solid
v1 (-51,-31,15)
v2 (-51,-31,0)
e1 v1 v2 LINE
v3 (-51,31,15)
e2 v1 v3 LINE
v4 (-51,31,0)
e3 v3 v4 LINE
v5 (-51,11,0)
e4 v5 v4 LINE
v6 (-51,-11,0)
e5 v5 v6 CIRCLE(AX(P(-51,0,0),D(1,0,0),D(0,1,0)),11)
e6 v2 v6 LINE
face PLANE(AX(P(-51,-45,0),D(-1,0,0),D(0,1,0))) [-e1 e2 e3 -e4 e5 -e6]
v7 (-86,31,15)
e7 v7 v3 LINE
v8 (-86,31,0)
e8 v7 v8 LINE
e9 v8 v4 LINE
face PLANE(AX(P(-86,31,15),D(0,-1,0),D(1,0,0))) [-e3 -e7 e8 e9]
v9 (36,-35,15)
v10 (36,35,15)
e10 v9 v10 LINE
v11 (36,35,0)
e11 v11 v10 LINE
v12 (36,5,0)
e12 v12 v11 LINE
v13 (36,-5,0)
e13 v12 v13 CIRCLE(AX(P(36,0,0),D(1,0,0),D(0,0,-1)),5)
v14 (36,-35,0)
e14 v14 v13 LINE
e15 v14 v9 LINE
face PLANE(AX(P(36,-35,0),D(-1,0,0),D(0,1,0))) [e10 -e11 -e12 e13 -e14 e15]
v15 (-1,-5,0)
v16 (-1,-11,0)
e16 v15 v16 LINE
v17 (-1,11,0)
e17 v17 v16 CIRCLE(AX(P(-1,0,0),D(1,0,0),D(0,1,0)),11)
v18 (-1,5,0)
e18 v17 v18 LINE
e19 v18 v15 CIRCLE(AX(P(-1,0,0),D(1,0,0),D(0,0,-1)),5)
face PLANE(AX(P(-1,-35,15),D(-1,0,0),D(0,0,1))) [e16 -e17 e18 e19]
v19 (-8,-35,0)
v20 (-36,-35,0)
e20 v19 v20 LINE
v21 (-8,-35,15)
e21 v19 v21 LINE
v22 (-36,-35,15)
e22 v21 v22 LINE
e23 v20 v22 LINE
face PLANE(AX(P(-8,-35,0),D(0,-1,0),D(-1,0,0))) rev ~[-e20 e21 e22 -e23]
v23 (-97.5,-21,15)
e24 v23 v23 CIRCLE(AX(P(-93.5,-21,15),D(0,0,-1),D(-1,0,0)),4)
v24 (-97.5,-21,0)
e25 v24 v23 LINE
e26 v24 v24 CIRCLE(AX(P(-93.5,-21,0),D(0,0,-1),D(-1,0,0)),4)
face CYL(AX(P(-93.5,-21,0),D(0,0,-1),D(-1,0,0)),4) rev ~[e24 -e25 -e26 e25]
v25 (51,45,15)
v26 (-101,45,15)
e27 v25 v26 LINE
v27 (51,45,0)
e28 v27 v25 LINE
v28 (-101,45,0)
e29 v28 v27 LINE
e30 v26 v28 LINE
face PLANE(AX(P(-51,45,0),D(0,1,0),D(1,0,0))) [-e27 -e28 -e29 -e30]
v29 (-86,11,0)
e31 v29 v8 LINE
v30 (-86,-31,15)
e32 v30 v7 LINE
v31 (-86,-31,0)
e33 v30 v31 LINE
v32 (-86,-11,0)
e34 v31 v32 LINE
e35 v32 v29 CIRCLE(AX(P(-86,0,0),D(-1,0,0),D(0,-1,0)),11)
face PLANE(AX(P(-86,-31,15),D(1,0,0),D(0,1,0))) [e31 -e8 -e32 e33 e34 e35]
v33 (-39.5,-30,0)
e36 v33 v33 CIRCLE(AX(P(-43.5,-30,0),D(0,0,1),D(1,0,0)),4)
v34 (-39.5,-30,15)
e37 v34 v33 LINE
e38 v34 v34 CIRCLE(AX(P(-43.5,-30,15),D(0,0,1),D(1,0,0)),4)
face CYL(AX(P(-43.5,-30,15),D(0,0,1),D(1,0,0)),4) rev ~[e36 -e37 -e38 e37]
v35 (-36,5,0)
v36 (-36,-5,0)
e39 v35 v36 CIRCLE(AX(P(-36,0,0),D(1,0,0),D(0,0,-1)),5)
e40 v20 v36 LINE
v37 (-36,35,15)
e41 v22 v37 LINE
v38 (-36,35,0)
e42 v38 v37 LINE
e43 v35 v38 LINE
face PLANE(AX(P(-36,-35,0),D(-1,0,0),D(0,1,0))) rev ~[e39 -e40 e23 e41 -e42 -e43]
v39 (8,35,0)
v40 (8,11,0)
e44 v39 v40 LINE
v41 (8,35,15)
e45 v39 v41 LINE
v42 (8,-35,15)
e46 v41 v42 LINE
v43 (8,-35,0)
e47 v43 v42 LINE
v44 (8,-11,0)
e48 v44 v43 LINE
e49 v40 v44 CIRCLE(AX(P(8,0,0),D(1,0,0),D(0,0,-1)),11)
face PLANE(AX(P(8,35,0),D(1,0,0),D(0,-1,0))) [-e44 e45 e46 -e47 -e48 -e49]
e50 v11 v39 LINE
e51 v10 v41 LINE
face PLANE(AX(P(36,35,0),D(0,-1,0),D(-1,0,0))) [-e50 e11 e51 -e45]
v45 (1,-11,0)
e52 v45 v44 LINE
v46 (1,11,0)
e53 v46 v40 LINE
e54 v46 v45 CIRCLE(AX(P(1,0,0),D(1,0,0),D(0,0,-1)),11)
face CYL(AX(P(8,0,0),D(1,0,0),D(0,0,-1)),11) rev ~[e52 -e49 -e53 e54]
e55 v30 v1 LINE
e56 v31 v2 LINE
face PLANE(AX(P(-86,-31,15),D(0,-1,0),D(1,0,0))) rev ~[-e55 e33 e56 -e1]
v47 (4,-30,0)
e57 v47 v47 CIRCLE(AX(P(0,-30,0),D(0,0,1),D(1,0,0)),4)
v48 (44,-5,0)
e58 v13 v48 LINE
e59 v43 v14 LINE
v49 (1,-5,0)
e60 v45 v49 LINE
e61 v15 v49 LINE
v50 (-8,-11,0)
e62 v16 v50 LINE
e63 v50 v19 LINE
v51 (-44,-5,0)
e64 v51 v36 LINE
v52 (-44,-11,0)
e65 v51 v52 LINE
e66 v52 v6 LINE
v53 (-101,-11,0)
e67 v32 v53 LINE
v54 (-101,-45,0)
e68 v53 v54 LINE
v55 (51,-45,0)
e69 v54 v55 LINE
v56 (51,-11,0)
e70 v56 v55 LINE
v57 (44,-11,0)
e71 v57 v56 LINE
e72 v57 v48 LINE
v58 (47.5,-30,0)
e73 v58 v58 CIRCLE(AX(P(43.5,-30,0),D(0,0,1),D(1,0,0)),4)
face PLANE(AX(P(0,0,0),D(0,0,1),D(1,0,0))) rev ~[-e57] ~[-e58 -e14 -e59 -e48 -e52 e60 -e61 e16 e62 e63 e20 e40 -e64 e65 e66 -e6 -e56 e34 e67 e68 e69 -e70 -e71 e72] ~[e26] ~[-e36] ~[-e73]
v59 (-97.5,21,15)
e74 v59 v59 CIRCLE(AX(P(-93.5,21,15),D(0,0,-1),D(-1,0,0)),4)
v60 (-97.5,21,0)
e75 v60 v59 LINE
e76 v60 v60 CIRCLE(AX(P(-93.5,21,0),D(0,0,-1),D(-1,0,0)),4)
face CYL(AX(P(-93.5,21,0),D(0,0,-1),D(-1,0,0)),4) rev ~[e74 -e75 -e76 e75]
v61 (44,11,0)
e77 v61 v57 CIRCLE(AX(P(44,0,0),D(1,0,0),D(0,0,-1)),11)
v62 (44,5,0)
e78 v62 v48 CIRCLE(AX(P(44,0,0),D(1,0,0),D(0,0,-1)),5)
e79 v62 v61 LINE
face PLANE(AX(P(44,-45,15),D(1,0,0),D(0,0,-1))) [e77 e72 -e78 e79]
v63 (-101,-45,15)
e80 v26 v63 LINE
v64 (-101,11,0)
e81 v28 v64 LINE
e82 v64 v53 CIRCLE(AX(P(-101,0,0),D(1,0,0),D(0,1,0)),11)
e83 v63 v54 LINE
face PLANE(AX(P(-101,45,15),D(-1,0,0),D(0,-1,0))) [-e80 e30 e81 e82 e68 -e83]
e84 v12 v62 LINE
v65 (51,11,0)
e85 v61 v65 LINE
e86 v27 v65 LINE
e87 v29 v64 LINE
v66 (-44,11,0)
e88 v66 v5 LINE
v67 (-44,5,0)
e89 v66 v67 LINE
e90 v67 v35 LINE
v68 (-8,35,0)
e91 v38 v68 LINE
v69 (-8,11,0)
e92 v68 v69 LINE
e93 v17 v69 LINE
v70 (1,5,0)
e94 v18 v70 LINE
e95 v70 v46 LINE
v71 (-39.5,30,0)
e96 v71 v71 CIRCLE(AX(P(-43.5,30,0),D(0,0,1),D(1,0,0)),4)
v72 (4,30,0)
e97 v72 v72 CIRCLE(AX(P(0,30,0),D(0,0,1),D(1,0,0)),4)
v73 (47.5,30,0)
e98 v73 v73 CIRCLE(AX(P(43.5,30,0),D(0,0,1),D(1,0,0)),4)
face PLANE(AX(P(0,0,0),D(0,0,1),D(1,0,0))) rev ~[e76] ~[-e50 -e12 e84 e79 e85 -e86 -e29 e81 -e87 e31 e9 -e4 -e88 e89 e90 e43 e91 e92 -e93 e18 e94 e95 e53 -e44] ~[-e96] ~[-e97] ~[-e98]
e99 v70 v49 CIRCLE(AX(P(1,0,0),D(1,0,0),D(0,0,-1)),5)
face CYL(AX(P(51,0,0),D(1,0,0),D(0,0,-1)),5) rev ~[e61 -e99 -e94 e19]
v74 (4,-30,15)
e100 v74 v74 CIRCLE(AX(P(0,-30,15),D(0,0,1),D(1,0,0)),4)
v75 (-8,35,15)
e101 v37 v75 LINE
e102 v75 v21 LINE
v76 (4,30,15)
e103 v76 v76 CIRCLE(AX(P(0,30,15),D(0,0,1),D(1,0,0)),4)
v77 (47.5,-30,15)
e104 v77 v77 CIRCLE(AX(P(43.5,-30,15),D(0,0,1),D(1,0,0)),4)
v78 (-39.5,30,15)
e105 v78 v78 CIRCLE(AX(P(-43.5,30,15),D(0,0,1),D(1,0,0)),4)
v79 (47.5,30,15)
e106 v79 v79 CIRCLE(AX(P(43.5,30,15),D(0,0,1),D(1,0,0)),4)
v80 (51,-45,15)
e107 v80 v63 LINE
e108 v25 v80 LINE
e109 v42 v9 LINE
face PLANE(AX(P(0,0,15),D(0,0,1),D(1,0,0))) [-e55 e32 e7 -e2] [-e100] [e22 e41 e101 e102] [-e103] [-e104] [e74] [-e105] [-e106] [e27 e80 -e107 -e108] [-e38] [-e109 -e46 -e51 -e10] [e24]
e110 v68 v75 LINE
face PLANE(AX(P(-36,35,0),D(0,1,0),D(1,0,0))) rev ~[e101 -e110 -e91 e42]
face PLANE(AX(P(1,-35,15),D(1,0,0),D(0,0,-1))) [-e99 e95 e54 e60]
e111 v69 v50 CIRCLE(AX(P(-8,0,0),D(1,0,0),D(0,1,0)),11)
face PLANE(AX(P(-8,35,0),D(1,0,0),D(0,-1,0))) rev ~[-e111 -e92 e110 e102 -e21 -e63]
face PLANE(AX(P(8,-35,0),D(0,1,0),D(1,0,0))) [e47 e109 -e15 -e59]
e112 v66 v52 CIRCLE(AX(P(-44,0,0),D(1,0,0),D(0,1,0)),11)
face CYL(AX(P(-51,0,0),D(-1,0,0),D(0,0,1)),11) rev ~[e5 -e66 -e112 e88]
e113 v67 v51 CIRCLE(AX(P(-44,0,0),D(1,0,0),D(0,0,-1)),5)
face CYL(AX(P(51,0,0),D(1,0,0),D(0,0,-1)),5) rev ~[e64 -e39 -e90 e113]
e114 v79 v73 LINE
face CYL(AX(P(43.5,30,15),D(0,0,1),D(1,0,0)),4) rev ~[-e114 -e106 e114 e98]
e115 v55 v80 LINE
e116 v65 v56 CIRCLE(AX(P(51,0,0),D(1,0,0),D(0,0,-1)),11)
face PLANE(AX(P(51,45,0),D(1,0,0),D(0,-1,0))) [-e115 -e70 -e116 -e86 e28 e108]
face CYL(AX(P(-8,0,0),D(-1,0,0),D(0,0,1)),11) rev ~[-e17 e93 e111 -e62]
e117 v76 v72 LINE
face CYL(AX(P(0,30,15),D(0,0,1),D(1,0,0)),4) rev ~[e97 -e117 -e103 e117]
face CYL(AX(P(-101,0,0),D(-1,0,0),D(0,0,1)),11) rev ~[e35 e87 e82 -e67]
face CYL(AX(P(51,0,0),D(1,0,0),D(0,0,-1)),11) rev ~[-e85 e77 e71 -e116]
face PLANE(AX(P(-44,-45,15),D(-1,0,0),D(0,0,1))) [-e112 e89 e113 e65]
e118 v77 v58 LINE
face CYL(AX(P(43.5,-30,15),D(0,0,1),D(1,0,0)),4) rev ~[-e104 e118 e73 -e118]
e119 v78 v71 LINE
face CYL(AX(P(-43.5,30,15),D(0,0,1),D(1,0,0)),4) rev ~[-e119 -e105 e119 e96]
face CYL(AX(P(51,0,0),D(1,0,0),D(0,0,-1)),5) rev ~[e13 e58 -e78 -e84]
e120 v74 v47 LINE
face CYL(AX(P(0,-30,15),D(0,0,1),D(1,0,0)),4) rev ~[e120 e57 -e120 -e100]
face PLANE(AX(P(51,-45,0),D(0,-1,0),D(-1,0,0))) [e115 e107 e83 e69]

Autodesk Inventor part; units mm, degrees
ref_plane "YZ Plane" through (0, 0, 0) normal (1, 0, 0) x (0, 1, 0)
ref_plane "XZ Plane" through (0, 0, 0) normal (0, 1, 0) x (-1, 0, 0)
ref_plane "XY Plane" through (0, 0, 0) normal (0, 0, 1) x (1, 0, 0)
sketch "Sketch1" plane through (0, 0, 0) normal (0, 0, 1) x (1, 0, 0)
  line L0 (51, -45) -> (-51, -45)
  line L1 (-51, -45) -> (-51, 45)
  line L2 (-51, 45) -> (51, 45)
  line L3 (51, 45) -> (51, -45)
  line L4 (51, -45) -> (-51, 45) construction
  line L5 (-51, -45) -> (51, 45) construction
  line L6 (-22, 0) -> (22, 0) construction
  line L7 (-36, 35) -> (-8, 35)
  line L8 (-8, 35) -> (-8, -35)
  line L9 (-8, -35) -> (-36, -35)
  line L10 (-36, -35) -> (-36, 35)
  line L11 (-36, 35) -> (-8, -35) construction
  line L12 (-8, 35) -> (-36, -35) construction
  line L13 (36, 35) -> (8, 35)
  line L14 (8, 35) -> (8, -35)
  line L15 (8, -35) -> (36, -35)
  line L16 (36, -35) -> (36, 35)
  line L17 (36, 35) -> (8, -35) construction
  line L18 (8, 35) -> (36, -35) construction
  point P0 (0, 0)
  point P1 (0, 0)
  dimension "d0" = 16
  dimension "d1" = 28
  dimension "d2" = 28
  dimension "d3" = 70
  dimension "d4" = 10
  dimension "d5" = 15
extrude "Extrusion1" add sketch "Sketch1" along normal blind 15
sketch "Sketch2" plane through (51, -45, 0) normal (1, 0, 0) x (0, 0, -1)
  circle A0 centre (0, 45) radius 5
  point P0 (0, 45)
  dimension "d8" = 10
extrude "Extrusion2" cut sketch "Sketch2" against normal through all
sketch "Sketch3" plane through (51, -45, 15) normal (1, 0, 0) x (0, 0, -1)
  arc A0 (15, 50) -> (15, 40) centre (15, 45) ccw projected
  circle A1 centre (15, 45) radius 11
  dimension "d11" = 22
extrude "Extrusion3" cut sketch "Sketch3" against normal blind 7
sketch "Sketch4" plane through (-51, -45, 15) normal (-1, 0, 0) x (0, 0, 1)
  arc A0 (-15, 40) -> (-15, 50) centre (-15, 45) ccw projected
  circle A1 centre (-15, 45) radius 11
  dimension "d14" = 22
extrude "Extrusion4" cut sketch "Sketch4" against normal blind 7
sketch "Sketch5" plane through (-8, -35, 15) normal (-1, 0, 0) x (0, 0, 1)
  arc A0 (-15, 30) -> (-15, 40) centre (-15, 35) ccw projected
  circle A1 centre (-15, 35) radius 11
  dimension "d17" = 22
extrude "Extrusion5" cut sketch "Sketch5" against normal blind 7
sketch "Sketch6" plane through (8, -35, 15) normal (1, 0, 0) x (0, 0, -1)
  arc A0 (15, 40) -> (15, 30) centre (15, 35) ccw projected
  circle A1 centre (15, 35) radius 11
  dimension "d20" = 22
extrude "Extrusion6" cut sketch "Sketch6" against normal blind 7
sketch "Sketch7" plane through (0, 0, 15) normal (0, 0, 1) x (1, 0, 0)
  line L0 (-36, -35) -> (-36, 35) projected
  line L1 (-51, 45) -> (-51, -45) projected
  line L2 (0, 30) -> (0, -30) construction
  circle A0 centre (0, 30) radius 4
  circle A1 centre (0, -30) radius 4
  line L3 (43.5, -30) -> (-43.5, -30) construction
  line L4 (-43.5, -30) -> (-43.5, 30) construction
  line L5 (-43.5, 30) -> (43.5, 30) construction
  line L6 (43.5, 30) -> (43.5, -30) construction
  line L7 (43.5, -30) -> (-43.5, 30) construction
  line L8 (-43.5, -30) -> (43.5, 30) construction
  circle A2 centre (-43.5, 30) radius 4
  circle A3 centre (-43.5, -30) radius 4
  circle A4 centre (43.5, -30) radius 4
  circle A5 centre (43.5, 30) radius 4
  point P0 (0, 0)
  point P1 (0, 0)
  dimension "d23" = 60
  dimension "d24" = 8
  dimension "d25" = 7.5
  dimension "d26" = 87
extrude "Extrusion7" cut sketch "Sketch7" against normal through all
sketch "Sketch8" plane through (0, 0, 15) normal (0, 0, 1) x (1, 0, 0)
  line L0 (-51, 45) -> (-86, 45)
  line L1 (-86, 45) -> (-86, 31)
  line L2 (-86, 31) -> (-51, 31)
  line L3 (-51, 31) -> (-51, 45)
  line L4 (-51, -45) -> (-86, -45)
  line L5 (-86, -45) -> (-86, -31)
  line L6 (-86, -31) -> (-51, -31)
  line L7 (-51, -31) -> (-51, -45)
  line L8 (-86, 45) -> (-101, 45)
  line L9 (-101, 45) -> (-101, -45)
  line L10 (-101, -45) -> (-86, -45)
  line L11 (-86, -45) -> (-86, 45)
  point P0 (0, 0)
  dimension "d29" = 14
  dimension "d30" = 15
  dimension "d31" = 35
extrude "Extrusion8" add sketch "Sketch8" against normal up to surface (15 mm away)
sketch "Sketch9" plane through (-101, -45, 15) normal (-1, 0, 0) x (0, 0, 1)
  circle A0 centre (-15, 45) radius 11
  dimension "d34" = 22
extrude "Extrusion9" cut sketch "Sketch9" against normal up to surface (50 mm away)
sketch "Sketch10" plane through (0, 0, 0) normal (0, 0, -1) x (-1, 0, 0)
  line L0 (101, -11) -> (86, -11) projected
  circle A0 centre (43.5, 30) radius 4 projected
  circle A1 centre (0, 30) radius 4 projected
  circle A2 centre (-43.5, 30) radius 4 projected
  line L1 (86, 11) -> (101, 11) projected
  line L2 (101, 11) -> (101, 45) projected
  line L3 (101, 45) -> (-51, 45) projected
  line L4 (-51, 45) -> (-51, 11) projected
  line L5 (-51, 11) -> (-44, 11) projected
  line L6 (-44, 11) -> (-44, 5) projected
  line L7 (-44, 5) -> (-36, 5) projected
  line L8 (-36, 5) -> (-36, 35) projected
  line L9 (-36, 35) -> (-8, 35) projected
  line L10 (-8, 35) -> (-8, 11) projected
  line L11 (-8, 11) -> (-1, 11) projected
  line L12 (-1, 11) -> (-1, 5) projected
  line L13 (-1, 5) -> (1, 5) projected
  line L14 (1, 5) -> (1, 11) projected
  line L15 (1, 11) -> (8, 11) projected
  line L16 (8, 11) -> (8, 35) projected
  line L17 (8, 35) -> (36, 35) projected
  line L18 (36, 35) -> (36, 5) projected
  line L19 (36, 5) -> (44, 5) projected
  line L20 (44, 5) -> (44, 11) projected
  line L21 (44, 11) -> (51, 11) projected
  line L22 (51, 11) -> (51, 31) projected
  line L23 (51, 31) -> (86, 31) projected
  line L24 (86, 31) -> (86, 11) projected
  line L25 (93.5, 11) -> (93.5, 21) construction
  line L26 (93.5, -11) -> (93.5, -21) construction
  circle A3 centre (93.5, 21) radius 4
  circle A4 centre (93.5, -21) radius 4
  point P0 (0, 0)
  dimension "d37" = 8
  dimension "d38" = 10
extrude "Extrusion10" cut sketch "Sketch10" against normal through all contours A3 | A4
properties part number "frame 1"
